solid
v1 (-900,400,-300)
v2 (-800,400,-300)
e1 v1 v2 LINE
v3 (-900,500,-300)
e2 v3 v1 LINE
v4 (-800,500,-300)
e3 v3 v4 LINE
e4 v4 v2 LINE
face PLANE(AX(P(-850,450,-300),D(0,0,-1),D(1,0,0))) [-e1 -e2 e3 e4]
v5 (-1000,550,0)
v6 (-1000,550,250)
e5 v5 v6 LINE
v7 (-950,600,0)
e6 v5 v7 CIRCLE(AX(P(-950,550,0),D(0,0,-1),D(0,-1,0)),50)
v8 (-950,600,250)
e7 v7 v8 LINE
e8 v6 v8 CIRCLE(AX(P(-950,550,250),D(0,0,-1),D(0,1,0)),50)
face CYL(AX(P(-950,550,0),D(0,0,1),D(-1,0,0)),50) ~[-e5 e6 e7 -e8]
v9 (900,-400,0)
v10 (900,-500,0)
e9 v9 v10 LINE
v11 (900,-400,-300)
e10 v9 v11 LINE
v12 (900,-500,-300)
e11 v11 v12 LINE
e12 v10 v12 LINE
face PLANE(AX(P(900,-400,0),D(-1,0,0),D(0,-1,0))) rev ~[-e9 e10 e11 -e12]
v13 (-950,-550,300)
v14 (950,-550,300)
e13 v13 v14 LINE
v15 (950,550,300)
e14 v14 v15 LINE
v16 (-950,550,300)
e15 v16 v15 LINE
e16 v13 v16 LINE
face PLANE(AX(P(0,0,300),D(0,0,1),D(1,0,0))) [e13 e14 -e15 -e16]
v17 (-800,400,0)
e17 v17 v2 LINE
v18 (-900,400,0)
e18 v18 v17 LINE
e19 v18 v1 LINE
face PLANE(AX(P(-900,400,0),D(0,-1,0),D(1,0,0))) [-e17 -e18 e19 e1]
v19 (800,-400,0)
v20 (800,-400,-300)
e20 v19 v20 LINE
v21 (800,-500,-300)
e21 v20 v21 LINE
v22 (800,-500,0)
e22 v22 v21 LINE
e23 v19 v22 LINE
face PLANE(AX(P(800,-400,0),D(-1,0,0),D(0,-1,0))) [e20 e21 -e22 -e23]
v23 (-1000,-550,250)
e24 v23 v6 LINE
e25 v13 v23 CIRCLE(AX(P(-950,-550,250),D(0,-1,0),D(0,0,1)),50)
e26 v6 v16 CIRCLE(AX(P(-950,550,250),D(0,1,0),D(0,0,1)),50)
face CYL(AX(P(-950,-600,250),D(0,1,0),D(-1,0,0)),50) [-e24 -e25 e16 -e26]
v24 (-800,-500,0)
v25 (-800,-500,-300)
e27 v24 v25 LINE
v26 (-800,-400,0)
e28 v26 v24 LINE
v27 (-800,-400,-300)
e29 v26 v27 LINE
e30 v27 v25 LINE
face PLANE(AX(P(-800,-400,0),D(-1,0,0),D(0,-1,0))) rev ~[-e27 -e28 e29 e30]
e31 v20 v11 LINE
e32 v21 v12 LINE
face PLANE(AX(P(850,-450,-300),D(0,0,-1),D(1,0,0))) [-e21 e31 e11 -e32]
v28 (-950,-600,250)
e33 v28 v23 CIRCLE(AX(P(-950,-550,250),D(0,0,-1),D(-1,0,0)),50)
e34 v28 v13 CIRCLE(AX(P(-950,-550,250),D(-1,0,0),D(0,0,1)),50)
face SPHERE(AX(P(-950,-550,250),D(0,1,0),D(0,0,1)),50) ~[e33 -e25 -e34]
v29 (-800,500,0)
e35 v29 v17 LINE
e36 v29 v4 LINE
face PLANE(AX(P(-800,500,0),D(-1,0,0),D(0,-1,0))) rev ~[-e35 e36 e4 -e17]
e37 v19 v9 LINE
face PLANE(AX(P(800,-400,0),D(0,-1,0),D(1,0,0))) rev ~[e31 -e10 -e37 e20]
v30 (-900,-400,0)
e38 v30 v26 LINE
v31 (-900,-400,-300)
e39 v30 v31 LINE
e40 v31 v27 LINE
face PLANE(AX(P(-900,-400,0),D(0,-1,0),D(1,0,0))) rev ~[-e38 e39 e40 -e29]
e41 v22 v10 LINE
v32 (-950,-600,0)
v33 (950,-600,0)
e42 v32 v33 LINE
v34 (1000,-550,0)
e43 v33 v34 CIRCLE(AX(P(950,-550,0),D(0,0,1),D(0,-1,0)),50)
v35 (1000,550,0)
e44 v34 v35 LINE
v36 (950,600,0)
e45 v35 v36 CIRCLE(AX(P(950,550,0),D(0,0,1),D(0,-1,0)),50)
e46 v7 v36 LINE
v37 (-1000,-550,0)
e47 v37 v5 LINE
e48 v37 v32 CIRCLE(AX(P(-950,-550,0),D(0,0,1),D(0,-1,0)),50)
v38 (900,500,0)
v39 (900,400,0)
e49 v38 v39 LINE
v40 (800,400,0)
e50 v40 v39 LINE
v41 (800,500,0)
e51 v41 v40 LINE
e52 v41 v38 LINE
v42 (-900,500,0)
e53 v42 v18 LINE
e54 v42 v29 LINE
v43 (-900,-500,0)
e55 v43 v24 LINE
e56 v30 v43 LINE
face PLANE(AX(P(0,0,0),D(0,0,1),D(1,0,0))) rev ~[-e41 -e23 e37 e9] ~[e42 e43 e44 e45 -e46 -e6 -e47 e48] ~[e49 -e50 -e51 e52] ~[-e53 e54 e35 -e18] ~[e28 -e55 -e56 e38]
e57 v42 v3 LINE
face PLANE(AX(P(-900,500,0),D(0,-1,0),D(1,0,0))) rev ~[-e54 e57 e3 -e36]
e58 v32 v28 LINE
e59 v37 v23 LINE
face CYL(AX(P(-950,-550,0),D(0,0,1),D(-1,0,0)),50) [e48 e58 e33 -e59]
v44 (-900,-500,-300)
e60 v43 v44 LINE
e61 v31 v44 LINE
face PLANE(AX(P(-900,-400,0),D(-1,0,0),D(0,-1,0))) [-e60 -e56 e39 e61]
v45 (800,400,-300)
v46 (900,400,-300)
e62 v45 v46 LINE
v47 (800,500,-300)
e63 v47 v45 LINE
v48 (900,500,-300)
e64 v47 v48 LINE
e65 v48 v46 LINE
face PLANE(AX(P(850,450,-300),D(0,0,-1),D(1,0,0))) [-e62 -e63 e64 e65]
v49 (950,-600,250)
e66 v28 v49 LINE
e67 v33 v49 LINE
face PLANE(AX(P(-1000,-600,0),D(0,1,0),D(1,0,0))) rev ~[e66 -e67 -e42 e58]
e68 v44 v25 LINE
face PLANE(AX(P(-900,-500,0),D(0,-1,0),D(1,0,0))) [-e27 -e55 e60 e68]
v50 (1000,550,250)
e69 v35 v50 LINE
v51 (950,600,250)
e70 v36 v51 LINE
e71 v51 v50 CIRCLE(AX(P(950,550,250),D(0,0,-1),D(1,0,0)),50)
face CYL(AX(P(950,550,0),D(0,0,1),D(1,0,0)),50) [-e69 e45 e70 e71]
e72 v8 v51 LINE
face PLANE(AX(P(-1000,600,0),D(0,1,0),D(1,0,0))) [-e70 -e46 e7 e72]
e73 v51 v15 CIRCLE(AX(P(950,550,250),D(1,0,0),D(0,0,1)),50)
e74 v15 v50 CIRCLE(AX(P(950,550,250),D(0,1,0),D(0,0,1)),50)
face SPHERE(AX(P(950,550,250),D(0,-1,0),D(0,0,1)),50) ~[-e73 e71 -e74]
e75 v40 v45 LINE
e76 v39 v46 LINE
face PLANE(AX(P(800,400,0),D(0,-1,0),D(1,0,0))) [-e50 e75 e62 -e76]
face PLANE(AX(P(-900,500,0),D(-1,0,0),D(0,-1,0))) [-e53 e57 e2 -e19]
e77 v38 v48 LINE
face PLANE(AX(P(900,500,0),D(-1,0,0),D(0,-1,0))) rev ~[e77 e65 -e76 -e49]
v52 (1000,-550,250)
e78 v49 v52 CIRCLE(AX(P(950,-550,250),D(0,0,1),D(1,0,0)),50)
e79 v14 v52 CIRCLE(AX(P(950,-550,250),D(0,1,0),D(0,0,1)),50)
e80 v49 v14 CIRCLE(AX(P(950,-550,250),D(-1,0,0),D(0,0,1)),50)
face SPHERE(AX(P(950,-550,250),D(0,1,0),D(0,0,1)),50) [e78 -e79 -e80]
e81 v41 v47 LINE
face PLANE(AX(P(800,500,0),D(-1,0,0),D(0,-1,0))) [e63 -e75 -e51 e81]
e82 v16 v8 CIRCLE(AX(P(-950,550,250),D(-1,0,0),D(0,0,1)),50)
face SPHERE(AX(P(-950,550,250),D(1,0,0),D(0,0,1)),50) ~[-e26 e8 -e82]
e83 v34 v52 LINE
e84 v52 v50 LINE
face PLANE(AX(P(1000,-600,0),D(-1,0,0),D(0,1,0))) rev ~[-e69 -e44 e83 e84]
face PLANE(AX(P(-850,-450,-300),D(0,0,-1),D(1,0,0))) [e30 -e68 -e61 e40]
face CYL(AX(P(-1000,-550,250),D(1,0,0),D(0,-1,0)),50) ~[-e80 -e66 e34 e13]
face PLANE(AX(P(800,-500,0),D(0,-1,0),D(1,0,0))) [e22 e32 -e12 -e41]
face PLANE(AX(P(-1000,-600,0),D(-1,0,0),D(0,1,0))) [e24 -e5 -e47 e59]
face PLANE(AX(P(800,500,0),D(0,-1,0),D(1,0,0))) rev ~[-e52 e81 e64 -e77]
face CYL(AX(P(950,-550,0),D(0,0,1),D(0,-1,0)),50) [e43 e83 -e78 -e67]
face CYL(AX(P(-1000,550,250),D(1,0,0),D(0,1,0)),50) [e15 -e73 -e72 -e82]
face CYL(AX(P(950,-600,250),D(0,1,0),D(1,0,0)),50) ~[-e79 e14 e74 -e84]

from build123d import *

# Parameters (mm, degrees)
F0_W     = 2000
F0_H     = 1200
F1_DEPTH = 300
F2_R     = 50
F3_W     = 100
F3_H     = 100
F4_DEPTH = 300


with BuildPart() as f1:
    # F0 (on Top) → F1 (new body)
    with BuildSketch(Plane.XY):
        Rectangle(F0_W, F0_H)
    extrude(amount=F1_DEPTH)

    # F2
    f2_edges = [f1.edges().sort_by_distance(p)[0] for p in [
        (1000, 0, 300),
        (0, 600, 300),
        (-1000, 0, 300),
        (0, -600, 300),
        (-1000, -600, 150),
        (1000, -600, 150),
        (1000, 600, 150),
        (-1000, 600, 150),
    ]]
    fillet(f2_edges, radius=F2_R)

    # F3 (on face) → F4 (join)
    with BuildSketch(Plane(origin=(0, 0, 0), x_dir=(1, 0, 0), z_dir=(0, 0, -1))):
        with Locations((-850, 450)):
            Rectangle(F3_W, F3_H)
        with Locations((850, 450)):
            Rectangle(F3_W, F3_H)
        with Locations((-850, -450)):
            Rectangle(F3_W, F3_H)
        with Locations((850, -450)):
            Rectangle(F3_W, F3_H)
    extrude(amount=F4_DEPTH)


solid = f1.part
